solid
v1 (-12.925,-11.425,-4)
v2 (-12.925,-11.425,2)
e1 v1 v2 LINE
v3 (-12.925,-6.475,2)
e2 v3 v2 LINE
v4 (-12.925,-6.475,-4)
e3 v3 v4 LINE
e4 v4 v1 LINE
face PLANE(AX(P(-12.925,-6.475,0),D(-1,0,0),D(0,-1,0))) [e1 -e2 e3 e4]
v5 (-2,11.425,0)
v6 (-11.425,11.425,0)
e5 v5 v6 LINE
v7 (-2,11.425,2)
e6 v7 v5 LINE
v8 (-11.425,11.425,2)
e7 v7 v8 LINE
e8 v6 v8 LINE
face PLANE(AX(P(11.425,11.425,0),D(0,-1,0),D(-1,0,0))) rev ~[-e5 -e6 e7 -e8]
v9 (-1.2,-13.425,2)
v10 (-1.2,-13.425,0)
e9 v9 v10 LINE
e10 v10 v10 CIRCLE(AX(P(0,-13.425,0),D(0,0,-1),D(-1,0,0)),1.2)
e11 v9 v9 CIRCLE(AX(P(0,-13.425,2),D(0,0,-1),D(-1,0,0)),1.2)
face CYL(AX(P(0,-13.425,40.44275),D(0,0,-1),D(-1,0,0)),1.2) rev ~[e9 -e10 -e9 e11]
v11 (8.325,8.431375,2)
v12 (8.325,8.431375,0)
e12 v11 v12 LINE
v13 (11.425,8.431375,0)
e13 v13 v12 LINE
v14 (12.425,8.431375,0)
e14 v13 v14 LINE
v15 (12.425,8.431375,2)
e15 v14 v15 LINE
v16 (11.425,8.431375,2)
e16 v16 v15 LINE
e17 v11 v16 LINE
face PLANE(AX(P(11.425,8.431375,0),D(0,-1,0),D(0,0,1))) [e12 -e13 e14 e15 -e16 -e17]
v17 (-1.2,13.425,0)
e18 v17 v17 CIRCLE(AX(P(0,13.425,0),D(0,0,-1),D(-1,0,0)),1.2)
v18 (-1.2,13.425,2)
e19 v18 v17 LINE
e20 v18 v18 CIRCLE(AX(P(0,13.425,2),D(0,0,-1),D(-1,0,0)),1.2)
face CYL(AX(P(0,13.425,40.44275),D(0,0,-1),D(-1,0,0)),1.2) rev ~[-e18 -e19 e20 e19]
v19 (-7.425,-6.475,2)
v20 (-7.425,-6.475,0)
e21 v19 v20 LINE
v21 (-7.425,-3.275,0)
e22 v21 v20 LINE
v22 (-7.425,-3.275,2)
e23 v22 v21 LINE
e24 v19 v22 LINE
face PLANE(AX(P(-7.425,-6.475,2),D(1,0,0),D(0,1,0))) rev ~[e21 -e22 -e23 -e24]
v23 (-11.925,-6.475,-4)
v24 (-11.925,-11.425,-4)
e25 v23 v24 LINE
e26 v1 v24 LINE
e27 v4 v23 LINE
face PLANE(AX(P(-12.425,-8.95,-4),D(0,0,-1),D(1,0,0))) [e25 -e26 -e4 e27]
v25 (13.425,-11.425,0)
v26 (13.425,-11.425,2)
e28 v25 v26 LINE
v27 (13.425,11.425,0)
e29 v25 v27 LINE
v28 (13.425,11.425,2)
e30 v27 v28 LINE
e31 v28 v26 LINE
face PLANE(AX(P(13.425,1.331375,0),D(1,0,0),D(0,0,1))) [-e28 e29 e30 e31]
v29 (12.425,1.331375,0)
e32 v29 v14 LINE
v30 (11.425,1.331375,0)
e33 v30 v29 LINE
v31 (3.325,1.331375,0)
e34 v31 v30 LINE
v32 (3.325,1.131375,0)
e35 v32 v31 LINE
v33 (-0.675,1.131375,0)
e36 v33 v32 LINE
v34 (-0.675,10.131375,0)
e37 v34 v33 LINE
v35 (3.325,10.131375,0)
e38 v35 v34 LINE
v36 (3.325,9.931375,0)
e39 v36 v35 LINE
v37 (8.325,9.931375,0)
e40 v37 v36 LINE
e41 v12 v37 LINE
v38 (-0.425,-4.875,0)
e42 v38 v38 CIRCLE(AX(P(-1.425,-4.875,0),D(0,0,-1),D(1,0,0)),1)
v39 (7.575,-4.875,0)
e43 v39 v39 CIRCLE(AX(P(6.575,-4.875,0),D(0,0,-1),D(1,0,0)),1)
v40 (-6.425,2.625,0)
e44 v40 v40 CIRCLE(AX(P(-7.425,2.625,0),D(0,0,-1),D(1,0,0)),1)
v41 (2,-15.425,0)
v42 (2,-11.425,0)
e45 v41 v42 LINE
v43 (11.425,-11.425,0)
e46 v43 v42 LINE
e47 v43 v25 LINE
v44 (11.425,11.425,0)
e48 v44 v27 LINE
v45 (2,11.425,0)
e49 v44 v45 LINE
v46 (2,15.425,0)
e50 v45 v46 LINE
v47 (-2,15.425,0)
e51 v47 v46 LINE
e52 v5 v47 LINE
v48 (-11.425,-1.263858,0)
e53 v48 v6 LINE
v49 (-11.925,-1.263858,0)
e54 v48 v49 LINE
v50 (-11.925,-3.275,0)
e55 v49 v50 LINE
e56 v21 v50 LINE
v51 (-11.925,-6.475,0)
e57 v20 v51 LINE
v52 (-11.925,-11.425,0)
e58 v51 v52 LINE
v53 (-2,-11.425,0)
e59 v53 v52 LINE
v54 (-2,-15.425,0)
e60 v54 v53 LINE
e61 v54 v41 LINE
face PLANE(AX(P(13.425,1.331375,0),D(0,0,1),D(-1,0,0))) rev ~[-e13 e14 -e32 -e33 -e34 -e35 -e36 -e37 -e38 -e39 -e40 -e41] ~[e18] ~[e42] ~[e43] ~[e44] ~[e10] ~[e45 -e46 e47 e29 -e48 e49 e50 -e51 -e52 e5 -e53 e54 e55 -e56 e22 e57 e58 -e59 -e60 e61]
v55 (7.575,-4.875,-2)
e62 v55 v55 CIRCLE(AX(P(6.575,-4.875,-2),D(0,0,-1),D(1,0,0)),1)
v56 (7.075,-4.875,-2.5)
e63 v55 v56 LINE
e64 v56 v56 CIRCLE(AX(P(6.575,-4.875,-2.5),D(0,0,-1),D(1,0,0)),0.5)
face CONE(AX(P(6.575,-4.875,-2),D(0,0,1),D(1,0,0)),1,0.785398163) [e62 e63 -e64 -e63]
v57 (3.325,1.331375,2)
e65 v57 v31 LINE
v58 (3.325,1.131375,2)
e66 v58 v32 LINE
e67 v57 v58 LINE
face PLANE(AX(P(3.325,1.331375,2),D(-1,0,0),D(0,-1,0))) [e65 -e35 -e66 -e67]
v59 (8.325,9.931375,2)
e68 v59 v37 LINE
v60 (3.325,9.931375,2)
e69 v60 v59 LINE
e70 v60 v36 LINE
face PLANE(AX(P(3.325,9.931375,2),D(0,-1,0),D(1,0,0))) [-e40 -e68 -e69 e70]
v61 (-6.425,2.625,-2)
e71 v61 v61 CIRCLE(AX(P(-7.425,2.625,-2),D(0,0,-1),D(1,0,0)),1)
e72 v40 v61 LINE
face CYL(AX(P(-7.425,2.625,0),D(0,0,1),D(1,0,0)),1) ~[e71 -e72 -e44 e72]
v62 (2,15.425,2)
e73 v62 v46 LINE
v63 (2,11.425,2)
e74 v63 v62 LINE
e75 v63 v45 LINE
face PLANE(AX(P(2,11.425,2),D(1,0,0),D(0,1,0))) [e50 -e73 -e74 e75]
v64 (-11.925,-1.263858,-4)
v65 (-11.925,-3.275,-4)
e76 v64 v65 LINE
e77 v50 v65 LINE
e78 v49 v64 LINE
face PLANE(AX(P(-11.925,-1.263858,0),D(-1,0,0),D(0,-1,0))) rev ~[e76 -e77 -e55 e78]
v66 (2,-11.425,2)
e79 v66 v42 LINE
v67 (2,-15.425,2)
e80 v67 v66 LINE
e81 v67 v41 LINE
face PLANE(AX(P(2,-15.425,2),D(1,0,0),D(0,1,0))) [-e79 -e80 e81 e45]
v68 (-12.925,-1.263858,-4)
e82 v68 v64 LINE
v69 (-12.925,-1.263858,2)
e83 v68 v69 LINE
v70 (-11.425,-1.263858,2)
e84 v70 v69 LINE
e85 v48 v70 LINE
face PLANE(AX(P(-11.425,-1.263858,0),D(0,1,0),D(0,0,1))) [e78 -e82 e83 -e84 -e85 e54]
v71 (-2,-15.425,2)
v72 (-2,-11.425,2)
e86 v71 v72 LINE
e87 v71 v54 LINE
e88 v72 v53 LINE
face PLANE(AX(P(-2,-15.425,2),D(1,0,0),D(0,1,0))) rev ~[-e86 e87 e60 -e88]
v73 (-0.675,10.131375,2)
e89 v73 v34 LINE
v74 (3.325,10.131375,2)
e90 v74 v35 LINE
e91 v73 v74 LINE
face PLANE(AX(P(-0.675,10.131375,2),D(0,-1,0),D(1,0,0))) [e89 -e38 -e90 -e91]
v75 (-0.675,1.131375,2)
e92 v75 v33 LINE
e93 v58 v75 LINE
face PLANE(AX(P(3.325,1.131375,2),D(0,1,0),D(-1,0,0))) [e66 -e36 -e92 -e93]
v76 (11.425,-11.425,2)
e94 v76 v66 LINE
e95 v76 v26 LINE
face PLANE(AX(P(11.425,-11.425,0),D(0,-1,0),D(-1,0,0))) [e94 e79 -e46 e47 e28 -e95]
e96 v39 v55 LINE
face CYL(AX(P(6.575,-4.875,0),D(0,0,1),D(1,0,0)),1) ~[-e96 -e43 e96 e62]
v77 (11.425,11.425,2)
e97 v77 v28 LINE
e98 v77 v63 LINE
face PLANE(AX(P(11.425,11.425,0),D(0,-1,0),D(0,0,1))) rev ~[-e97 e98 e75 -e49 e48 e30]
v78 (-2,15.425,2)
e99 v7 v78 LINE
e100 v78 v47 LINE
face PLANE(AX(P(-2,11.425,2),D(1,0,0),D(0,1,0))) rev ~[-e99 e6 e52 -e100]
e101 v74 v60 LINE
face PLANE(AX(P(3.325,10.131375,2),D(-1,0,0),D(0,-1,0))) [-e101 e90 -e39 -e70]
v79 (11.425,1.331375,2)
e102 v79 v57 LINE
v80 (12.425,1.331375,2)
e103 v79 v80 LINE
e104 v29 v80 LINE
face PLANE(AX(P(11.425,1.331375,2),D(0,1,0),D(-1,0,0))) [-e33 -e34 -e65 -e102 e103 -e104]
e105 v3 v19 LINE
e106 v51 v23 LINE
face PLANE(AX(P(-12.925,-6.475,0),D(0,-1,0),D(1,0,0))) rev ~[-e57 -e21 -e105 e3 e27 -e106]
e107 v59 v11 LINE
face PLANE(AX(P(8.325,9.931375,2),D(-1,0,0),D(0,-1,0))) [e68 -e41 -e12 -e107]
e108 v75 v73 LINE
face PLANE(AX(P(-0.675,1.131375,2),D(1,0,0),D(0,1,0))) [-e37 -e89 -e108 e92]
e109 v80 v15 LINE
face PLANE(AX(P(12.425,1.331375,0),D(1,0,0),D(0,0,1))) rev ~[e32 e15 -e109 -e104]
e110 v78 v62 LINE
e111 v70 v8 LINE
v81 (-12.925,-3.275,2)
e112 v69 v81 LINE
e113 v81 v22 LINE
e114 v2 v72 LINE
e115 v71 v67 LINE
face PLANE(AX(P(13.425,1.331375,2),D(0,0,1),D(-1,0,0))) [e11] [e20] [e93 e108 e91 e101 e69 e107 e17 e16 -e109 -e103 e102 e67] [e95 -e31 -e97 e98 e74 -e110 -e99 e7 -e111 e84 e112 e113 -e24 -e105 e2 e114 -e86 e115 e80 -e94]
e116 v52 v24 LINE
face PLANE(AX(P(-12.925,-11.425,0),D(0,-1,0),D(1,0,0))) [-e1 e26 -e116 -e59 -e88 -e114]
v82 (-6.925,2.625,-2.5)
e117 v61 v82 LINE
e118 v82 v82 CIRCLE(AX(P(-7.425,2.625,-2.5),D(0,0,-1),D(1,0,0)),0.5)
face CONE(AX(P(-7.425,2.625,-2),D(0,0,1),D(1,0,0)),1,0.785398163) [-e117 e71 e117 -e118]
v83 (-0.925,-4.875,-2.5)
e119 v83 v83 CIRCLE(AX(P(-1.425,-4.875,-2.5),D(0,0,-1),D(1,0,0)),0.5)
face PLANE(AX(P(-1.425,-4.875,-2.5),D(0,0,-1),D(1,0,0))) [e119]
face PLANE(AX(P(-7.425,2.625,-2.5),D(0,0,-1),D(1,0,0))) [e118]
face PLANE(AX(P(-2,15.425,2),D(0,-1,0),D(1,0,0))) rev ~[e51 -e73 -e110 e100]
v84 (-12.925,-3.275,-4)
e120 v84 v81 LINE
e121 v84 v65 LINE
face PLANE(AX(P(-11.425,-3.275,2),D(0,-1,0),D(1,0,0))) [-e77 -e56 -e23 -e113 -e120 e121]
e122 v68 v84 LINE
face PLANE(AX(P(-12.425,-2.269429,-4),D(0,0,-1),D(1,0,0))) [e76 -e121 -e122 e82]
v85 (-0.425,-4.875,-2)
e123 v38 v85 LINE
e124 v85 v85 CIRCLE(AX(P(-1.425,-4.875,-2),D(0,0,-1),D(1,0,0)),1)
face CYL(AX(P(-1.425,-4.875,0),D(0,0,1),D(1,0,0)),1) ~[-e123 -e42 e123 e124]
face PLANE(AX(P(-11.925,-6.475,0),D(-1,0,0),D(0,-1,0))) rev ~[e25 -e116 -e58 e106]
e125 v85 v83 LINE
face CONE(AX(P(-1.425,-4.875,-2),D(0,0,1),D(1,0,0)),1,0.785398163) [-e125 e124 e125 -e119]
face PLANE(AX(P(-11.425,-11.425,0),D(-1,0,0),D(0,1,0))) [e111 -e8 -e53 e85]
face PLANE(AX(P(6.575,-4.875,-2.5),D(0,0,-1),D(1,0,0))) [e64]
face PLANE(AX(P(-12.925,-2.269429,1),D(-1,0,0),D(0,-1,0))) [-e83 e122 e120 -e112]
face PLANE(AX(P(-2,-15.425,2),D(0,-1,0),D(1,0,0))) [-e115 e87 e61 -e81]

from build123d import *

# Parameters (mm, degrees)
SKETCH2_W            = 22.85
SKETCH2_H            = 22.85
BOSS_EXTRUDE1_DEPTH  = 2
SKETCH3_W            = 4
SKETCH3_H            = 4
BOSS_EXTRUDE2_DEPTH  = 2
M2_CLEARANCE_HOLE1_D = 2.4
CUT_EXTRUDE3_REACH   = 21.299
CUT_EXTRUDE4_REACH   = 21.299
SKETCH8_W            = 4
SKETCH8_H            = 3.2
SKETCH10_W           = 4.95
SKETCH10_H           = 2
SKETCH10_W_2         = 2.01114152
BOSS_EXTRUDE3_DEPTH  = 1.5
SKETCH11_W           = 1
SKETCH11_H           = 4.95
SKETCH11_H_2         = 2.01114152
BOSS_EXTRUDE4_DEPTH  = 4
SKETCH12_W           = 2.993624713
SKETCH12_H           = 2
SKETCH12_W_2         = 12.756375287
BOSS_EXTRUDE5_DEPTH  = 2
SKETCH13_W           = 1
SKETCH13_H           = 2
BOSS_EXTRUDE6_DEPTH  = 7.1
SKETCH15_R           = 1
BOSS_EXTRUDE7_DEPTH  = 2.5
CHAMFER1_SIZE        = 0.5


with BuildPart() as part:
    # Sketch2 → Boss-Extrude1 (new body)
    with BuildSketch(Plane(origin=(0, 0, 0), x_dir=(0, 1, 0), z_dir=(0, 0, 1))):
        Rectangle(SKETCH2_W, SKETCH2_H)
    extrude(amount=BOSS_EXTRUDE1_DEPTH)

    # Sketch3 → Boss-Extrude2 (add)
    with BuildSketch(Plane.XY.offset(2)):
        with Locations((0, 13.425)):
            Rectangle(SKETCH3_W, SKETCH3_H)
        with Locations((0, -13.425)):
            Rectangle(SKETCH3_W, SKETCH3_H)
    extrude(amount=-BOSS_EXTRUDE2_DEPTH)

    # M2 Clearance Hole1 (through all)
    with Locations(Plane.XY.offset(2)):
        with Locations((0, 13.425), (0, -13.425)):
            Hole(M2_CLEARANCE_HOLE1_D / 2)

    # Sketch7 → Cut-Extrude3 (cut, up to next)
    with BuildSketch(Plane.XY.offset(2), mode=Mode.PRIVATE) as cut_extrude3_sk1:
        Polygon((11.425, 8.431375287), (11.425, 1.331375287), (3.325, 1.331375287), (3.325, 1.131375287), (-0.675, 1.131375287), (-0.675, 10.131375287), (3.325, 10.131375287), (3.325, 9.931375287), (8.325, 9.931375287), (8.325, 8.431375287), align=None)
    cut_extrude3_tool1 = extrude(cut_extrude3_sk1.sketch, amount=-CUT_EXTRUDE3_REACH, mode=Mode.PRIVATE) & part.part
    add(cut_extrude3_tool1.solids().sort_by_distance((5.10369, 5.467951, 2))[0], mode=Mode.SUBTRACT)

    # Sketch8 → Cut-Extrude4 (cut, up to next)
    with BuildSketch(Plane.XY.offset(2), mode=Mode.PRIVATE) as cut_extrude4_sk1:
        with Locations((-9.425, -4.875)):
            Rectangle(SKETCH8_W, SKETCH8_H)
    cut_extrude4_tool1 = extrude(cut_extrude4_sk1.sketch, amount=-CUT_EXTRUDE4_REACH, mode=Mode.PRIVATE) & part.part
    add(cut_extrude4_tool1.solids().sort_by_distance((-9.425, -4.875, 2))[0], mode=Mode.SUBTRACT)

    # Sketch10 → Boss-Extrude3 (add)
    with BuildSketch(Plane(origin=(-11.425, 0, 0), x_dir=(0, -1, 0), z_dir=(-1, 0, 0))):
        with Locations((8.95, 1)):
            Rectangle(SKETCH10_W, SKETCH10_H)
        with Locations((2.26942924, 1)):
            Rectangle(SKETCH10_W_2, SKETCH10_H)
    extrude(amount=BOSS_EXTRUDE3_DEPTH)

    # Sketch11 → Boss-Extrude4 (add)
    with BuildSketch(Plane(origin=(0, 0, 0), x_dir=(1, 0, 0), z_dir=(0, 0, -1))):
        with Locations((-12.425, 8.95)):
            Rectangle(SKETCH11_W, SKETCH11_H)
        with Locations((-12.425, 2.26942924)):
            Rectangle(SKETCH11_W, SKETCH11_H_2)
    extrude(amount=BOSS_EXTRUDE4_DEPTH)

    # Sketch12 → Boss-Extrude5 (add)
    with BuildSketch(Plane.YZ.offset(11.425)):
        with Locations((9.928187643, 1)):
            Rectangle(SKETCH12_W, SKETCH12_H)
        with Locations((-5.046812357, 1)):
            Rectangle(SKETCH12_W_2, SKETCH12_H)
    extrude(amount=BOSS_EXTRUDE5_DEPTH)

    # Sketch13 → Boss-Extrude6 (add)
    with BuildSketch(Plane(origin=(0, 1.331375287, 0), x_dir=(-1, 0, 0), z_dir=(0, 1, 0))):
        with Locations((-12.925, 1)):
            Rectangle(SKETCH13_W, SKETCH13_H)
    extrude(amount=BOSS_EXTRUDE6_DEPTH)

    # Sketch15 → Boss-Extrude7 (add)
    with BuildSketch(Plane(origin=(0, 0, 0), x_dir=(1, 0, 0), z_dir=(0, 0, -1))):
        with Locations((-1.425, 4.875)):
            Circle(SKETCH15_R)
        with Locations((6.575, 4.875)):
            Circle(SKETCH15_R)
        with Locations((-7.425, -2.625)):
            Circle(SKETCH15_R)
    extrude(amount=BOSS_EXTRUDE7_DEPTH)

    # Chamfer1
    chamfer1_edges = [part.edges().sort_by_distance(p)[0] for p in [
        (-8.425, 2.625, -2.5),
        (5.575, -4.875, -2.5),
        (-2.425, -4.875, -2.5),
    ]]
    chamfer(chamfer1_edges, length=CHAMFER1_SIZE)


solid = part.part
